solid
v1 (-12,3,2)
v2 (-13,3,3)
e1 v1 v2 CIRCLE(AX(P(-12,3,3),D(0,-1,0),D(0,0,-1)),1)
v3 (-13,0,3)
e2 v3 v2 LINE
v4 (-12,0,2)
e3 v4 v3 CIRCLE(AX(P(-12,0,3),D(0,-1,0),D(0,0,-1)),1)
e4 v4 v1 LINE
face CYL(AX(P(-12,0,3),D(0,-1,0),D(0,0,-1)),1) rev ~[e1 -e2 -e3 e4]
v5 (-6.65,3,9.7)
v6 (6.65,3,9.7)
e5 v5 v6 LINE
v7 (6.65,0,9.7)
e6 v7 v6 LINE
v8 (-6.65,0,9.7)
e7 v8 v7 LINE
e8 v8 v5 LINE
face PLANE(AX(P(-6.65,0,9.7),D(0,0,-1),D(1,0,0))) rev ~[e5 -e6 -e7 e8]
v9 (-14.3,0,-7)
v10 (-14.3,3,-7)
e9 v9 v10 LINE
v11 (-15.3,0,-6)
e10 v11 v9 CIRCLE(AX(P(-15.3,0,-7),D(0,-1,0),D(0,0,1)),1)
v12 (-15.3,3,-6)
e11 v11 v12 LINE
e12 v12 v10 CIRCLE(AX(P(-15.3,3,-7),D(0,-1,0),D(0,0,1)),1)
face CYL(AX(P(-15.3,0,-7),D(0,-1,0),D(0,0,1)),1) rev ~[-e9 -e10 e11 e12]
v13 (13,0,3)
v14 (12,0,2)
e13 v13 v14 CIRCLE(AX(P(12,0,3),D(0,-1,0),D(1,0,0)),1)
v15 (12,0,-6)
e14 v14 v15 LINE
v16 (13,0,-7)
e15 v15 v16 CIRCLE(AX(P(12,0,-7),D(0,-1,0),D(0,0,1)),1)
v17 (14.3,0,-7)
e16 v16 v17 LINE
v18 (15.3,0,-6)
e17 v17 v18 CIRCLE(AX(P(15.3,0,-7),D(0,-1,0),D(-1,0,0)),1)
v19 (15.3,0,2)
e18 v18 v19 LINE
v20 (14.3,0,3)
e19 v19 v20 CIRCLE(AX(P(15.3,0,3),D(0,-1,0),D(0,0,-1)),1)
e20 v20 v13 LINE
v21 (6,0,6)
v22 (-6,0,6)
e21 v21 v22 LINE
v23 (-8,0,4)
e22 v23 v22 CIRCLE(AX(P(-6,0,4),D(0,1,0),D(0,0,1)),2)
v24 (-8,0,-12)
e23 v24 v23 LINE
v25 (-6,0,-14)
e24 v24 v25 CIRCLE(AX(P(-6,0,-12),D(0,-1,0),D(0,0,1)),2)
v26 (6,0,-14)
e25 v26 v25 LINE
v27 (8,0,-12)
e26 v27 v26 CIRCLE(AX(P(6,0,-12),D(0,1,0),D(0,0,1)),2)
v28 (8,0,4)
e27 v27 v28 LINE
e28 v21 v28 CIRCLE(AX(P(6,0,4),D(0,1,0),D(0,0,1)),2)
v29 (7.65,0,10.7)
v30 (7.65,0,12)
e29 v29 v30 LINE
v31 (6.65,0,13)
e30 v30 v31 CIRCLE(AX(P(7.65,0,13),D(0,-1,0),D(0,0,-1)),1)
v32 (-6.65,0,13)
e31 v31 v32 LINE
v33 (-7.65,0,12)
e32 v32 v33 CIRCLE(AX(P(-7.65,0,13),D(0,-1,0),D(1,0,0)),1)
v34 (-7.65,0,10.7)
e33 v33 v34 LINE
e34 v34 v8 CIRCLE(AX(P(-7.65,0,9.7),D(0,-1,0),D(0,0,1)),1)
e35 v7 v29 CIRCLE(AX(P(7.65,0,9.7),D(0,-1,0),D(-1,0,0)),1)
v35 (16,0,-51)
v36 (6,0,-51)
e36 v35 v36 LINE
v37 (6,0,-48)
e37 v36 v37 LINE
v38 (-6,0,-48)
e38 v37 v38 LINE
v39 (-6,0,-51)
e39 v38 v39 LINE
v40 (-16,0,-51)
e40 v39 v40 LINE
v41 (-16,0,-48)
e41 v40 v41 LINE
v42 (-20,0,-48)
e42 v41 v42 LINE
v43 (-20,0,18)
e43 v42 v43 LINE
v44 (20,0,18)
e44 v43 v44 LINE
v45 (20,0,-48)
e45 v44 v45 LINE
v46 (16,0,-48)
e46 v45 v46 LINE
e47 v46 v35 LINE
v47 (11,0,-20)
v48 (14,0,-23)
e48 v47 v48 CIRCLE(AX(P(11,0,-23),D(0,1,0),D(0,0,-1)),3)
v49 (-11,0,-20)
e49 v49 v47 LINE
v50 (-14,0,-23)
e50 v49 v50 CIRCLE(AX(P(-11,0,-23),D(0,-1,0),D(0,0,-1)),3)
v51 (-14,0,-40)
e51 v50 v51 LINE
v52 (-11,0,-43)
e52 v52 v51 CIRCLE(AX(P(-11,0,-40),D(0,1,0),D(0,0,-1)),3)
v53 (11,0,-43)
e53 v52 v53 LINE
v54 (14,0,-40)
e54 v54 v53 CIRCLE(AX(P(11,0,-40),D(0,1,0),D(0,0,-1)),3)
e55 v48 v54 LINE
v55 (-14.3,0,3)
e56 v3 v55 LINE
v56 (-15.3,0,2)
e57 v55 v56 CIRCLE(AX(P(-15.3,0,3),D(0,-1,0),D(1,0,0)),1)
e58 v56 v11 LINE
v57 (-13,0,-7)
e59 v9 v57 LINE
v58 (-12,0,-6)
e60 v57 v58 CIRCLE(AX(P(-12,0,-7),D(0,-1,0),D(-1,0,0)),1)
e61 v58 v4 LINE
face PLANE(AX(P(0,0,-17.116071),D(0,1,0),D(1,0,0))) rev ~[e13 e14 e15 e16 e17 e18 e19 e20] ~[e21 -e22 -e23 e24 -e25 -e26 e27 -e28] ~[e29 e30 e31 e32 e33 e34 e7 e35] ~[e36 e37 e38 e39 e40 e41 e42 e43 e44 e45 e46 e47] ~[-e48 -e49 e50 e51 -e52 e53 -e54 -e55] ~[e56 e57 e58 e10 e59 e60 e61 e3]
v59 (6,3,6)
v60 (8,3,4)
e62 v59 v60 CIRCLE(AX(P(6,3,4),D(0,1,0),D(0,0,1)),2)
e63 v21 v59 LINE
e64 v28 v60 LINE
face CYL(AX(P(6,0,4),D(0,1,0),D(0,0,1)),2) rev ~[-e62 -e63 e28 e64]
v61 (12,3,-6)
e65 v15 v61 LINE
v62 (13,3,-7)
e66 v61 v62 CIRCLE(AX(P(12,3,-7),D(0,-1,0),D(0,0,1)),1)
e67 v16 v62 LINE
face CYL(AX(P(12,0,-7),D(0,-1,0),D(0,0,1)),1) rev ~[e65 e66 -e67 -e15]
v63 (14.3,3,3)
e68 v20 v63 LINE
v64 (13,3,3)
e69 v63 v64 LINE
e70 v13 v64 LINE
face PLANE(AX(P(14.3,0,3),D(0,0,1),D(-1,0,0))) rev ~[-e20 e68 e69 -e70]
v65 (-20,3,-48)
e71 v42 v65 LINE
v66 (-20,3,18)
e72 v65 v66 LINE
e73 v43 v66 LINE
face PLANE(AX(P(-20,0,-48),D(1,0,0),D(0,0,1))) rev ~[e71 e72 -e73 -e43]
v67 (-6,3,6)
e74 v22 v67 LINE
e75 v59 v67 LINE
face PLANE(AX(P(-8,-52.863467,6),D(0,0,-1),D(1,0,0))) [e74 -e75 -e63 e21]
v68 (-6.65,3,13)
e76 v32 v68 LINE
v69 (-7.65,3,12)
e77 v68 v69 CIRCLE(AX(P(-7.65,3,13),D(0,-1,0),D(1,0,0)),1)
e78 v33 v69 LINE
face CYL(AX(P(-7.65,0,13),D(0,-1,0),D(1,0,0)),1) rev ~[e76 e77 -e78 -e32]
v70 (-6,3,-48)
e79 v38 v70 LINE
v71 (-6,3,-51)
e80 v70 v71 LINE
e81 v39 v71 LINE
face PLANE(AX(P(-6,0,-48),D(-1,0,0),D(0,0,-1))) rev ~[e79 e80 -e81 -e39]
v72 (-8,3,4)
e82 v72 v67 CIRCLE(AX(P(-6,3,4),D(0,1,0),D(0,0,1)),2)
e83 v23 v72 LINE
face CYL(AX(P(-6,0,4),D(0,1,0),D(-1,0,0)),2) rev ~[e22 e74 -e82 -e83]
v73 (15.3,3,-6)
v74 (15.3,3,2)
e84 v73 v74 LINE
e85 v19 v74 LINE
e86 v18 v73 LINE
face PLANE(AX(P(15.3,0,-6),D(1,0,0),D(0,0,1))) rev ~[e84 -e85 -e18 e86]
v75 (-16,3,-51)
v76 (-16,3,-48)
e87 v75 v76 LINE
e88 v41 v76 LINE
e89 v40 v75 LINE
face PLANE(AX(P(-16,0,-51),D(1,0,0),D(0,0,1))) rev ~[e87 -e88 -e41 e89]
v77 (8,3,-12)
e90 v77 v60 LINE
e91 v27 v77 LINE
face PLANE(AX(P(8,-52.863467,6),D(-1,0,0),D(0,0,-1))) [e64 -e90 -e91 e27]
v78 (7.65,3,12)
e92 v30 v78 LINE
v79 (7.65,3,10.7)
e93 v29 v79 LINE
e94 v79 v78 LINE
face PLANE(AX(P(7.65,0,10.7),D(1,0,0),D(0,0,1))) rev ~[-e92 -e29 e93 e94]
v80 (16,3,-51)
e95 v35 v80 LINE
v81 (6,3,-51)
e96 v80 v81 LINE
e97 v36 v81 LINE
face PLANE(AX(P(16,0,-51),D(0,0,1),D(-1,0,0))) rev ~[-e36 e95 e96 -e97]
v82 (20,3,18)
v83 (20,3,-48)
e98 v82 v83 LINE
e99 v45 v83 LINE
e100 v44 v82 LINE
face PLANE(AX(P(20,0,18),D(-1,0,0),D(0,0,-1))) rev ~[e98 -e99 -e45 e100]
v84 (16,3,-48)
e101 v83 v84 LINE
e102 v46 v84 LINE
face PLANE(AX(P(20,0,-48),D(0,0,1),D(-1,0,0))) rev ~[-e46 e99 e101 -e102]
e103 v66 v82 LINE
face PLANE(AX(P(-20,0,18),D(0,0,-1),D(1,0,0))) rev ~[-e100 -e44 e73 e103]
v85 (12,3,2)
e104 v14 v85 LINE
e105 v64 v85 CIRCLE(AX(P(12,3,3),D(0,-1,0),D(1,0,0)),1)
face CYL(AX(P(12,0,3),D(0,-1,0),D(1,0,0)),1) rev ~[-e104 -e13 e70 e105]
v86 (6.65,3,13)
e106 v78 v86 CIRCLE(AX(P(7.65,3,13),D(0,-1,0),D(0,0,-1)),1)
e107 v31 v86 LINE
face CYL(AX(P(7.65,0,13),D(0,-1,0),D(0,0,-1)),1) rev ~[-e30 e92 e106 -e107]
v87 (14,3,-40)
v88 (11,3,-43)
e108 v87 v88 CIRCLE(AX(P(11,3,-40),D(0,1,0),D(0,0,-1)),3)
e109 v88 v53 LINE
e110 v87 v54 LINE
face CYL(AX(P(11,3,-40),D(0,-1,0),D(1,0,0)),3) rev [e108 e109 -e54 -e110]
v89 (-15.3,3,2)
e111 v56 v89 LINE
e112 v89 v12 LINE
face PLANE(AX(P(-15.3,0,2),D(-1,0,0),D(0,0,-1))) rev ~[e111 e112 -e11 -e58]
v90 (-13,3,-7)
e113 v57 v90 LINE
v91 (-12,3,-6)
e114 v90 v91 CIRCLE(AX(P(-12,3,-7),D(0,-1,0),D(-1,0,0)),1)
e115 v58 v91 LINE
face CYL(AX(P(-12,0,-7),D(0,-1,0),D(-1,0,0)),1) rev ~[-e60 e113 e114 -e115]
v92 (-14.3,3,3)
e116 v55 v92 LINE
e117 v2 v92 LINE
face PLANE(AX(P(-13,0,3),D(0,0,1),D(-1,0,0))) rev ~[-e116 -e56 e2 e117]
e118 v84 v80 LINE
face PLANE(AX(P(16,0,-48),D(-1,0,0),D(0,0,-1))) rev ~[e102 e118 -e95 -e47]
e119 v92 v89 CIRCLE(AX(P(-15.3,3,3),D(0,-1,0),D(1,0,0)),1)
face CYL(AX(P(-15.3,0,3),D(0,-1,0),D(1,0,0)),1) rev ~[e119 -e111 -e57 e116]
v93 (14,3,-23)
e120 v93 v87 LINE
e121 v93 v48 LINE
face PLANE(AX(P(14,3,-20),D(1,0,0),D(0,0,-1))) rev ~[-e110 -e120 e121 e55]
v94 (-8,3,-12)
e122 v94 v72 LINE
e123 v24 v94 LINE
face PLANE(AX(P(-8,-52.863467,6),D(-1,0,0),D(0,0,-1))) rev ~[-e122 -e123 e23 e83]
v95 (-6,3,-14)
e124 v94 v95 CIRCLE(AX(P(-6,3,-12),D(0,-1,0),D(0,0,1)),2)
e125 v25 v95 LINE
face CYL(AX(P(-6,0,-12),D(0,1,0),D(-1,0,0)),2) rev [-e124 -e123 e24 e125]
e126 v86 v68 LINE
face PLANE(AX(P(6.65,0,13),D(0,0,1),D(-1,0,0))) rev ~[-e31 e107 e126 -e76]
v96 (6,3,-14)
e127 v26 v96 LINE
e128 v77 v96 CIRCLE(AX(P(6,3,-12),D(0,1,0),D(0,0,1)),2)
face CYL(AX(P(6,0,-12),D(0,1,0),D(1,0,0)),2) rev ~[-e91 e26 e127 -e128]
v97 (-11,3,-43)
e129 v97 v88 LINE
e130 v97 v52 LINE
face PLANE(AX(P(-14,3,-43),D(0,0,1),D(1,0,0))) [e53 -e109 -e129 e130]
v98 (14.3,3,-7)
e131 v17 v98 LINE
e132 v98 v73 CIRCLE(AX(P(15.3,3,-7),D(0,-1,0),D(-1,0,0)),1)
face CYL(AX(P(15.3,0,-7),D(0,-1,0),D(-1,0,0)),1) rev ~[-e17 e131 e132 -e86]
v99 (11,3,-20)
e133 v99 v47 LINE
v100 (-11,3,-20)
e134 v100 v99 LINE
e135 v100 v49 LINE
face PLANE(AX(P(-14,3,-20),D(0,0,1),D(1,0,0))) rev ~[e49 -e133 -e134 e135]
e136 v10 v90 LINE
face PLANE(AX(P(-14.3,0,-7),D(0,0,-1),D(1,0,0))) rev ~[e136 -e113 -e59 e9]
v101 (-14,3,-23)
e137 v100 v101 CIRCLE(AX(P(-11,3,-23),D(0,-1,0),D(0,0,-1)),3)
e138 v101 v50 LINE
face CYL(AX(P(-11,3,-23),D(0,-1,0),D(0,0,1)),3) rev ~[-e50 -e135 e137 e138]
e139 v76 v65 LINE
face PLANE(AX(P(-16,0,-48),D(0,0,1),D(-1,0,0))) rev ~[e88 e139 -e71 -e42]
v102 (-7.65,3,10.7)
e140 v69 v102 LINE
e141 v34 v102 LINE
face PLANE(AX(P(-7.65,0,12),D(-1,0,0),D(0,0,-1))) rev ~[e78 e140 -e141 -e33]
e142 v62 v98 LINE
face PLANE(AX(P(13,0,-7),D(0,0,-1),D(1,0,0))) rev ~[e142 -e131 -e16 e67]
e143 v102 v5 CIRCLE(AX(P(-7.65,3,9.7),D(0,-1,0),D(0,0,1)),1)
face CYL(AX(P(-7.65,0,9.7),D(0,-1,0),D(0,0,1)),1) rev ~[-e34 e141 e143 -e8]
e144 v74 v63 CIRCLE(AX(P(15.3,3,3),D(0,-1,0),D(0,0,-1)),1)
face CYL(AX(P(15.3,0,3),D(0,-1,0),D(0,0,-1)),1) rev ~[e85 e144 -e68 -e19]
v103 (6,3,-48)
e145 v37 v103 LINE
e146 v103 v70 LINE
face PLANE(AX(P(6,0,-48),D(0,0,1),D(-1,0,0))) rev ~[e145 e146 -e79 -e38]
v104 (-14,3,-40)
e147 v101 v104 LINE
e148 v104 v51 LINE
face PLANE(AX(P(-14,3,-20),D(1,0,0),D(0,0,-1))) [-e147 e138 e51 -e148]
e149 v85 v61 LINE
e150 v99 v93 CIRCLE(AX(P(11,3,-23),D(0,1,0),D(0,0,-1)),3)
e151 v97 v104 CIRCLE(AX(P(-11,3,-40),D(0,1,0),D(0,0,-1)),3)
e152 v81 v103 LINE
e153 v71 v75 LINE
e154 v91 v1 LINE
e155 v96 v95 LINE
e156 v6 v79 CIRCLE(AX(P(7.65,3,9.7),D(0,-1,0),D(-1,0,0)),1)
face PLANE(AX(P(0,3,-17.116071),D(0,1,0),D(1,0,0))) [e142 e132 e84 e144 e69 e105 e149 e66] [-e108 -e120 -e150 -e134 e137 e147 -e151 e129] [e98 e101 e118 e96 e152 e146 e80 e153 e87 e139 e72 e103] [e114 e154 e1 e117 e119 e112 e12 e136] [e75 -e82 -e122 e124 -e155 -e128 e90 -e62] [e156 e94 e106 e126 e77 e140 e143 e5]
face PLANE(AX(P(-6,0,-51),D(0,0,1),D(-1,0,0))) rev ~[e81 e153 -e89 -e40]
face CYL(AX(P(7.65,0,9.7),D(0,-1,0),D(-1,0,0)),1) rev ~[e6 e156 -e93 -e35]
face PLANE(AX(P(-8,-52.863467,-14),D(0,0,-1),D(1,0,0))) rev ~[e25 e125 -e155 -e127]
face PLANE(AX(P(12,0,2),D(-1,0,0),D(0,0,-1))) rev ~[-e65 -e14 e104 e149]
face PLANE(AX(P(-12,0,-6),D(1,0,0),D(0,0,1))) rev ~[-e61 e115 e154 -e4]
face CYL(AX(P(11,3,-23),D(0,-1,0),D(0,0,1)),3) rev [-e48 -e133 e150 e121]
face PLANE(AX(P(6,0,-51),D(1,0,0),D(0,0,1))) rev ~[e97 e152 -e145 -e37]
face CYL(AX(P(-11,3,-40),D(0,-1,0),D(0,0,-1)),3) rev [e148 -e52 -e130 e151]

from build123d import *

# Parameters (mm, degrees)
EXTRUDE_1_DEPTH          = 3
CUT_EXTRUDE_1_DEPTH      = 55.863466897
CUT_EXTRUDE_1_DEPTH_BACK = 55.863466897
SKETCH_2_W               = 16
SKETCH_2_H               = 20
FILLET_1_R               = 2
SKETCH_3_W               = 28
SKETCH_3_H               = 23
CUT_EXTRUDE_2_DEPTH      = 10
FILLET_2_R               = 3


with BuildPart() as part:
    # 草图1 → 凸台-拉伸1 (new body)
    with BuildSketch(Plane(origin=(0, 0, 0), x_dir=(1, 0, 0), z_dir=(0, 1, 0))):
        Polygon((20, 48), (16, 48), (16, 51), (6, 51), (6, 48), (-6, 48), (-6, 51), (-16, 51), (-16, 48), (-20, 48), (-20, -18), (20, -18), align=None)
        with BuildLine():
            Line((15.3, 6), (15.3, -2))
            ThreePointArc((15.3, -2), (16.007106781, -3.707106781), (14.3, -3))
            Line((14.3, -3), (13, -3))
            ThreePointArc((13, -3), (11.292893219, -3.707106781), (12, -2))
            Line((12, -2), (12, 6))
            ThreePointArc((12, 6), (11.292893219, 7.707106781), (13, 7))
            Line((13, 7), (14.3, 7))
            ThreePointArc((14.3, 7), (16.007106781, 7.707106781), (15.3, 6))
        make_face(mode=Mode.SUBTRACT)
        with BuildLine():
            Line((-12, 6), (-12, -2))
            ThreePointArc((-12, -2), (-11.292893219, -3.707106781), (-13, -3))
            Line((-13, -3), (-14.3, -3))
            ThreePointArc((-14.3, -3), (-16.007106781, -3.707106781), (-15.3, -2))
            Line((-15.3, -2), (-15.3, 6))
            ThreePointArc((-15.3, 6), (-16.007106781, 7.707106781), (-14.3, 7))
            Line((-14.3, 7), (-13, 7))
            ThreePointArc((-13, 7), (-11.292893219, 7.707106781), (-12, 6))
        make_face(mode=Mode.SUBTRACT)
        with BuildLine():
            Line((-7.65, -12), (-7.65, -10.7))
            ThreePointArc((-7.65, -10.7), (-8.357106781, -8.992893219), (-6.65, -9.7))
            Line((-6.65, -9.7), (6.65, -9.7))
            ThreePointArc((6.65, -9.7), (8.357106781, -8.992893219), (7.65, -10.7))
            Line((7.65, -10.7), (7.65, -12))
            ThreePointArc((7.65, -12), (8.357106781, -13.707106781), (6.65, -13))
            Line((6.65, -13), (-6.65, -13))
            ThreePointArc((-6.65, -13), (-8.357106781, -13.707106781), (-7.65, -12))
        make_face(mode=Mode.SUBTRACT)
    extrude(amount=EXTRUDE_1_DEPTH)

    # 草图2 → 切除-拉伸1 (cut, two sides: drawn at the far end of the back side and taken through both)
    with BuildSketch(Plane(origin=(0, 3, 0), x_dir=(1, 0, 0), z_dir=(0, 1, 0)).offset(-CUT_EXTRUDE_1_DEPTH_BACK)):
        with Locations((0, 4)):
            Rectangle(SKETCH_2_W, SKETCH_2_H)
    extrude(amount=CUT_EXTRUDE_1_DEPTH + CUT_EXTRUDE_1_DEPTH_BACK, mode=Mode.SUBTRACT)

    # 圆角1
    fillet_1_edges = [part.edges().sort_by_distance(p)[0] for p in [
        (8, 1.5, -14),
        (8, 1.5, 6),
        (-8, 1.5, 6),
        (-8, 1.5, -14),
    ]]
    fillet(fillet_1_edges, radius=FILLET_1_R)

    # 草图3 → 切除-拉伸2 (cut)
    with BuildSketch(Plane(origin=(0, 3, 0), x_dir=(1, 0, 0), z_dir=(0, 1, 0))):
        with Locations((0, 31.5)):
            Rectangle(SKETCH_3_W, SKETCH_3_H)
    extrude(amount=-CUT_EXTRUDE_2_DEPTH, mode=Mode.SUBTRACT)

    # 圆角2
    fillet_2_edges = [part.edges().sort_by_distance(p)[0] for p in [
        (14, 1.5, -43),
        (14, 1.5, -20),
        (-14, 1.5, -20),
        (-14, 1.5, -43),
    ]]
    fillet(fillet_2_edges, radius=FILLET_2_R)


solid = part.part
